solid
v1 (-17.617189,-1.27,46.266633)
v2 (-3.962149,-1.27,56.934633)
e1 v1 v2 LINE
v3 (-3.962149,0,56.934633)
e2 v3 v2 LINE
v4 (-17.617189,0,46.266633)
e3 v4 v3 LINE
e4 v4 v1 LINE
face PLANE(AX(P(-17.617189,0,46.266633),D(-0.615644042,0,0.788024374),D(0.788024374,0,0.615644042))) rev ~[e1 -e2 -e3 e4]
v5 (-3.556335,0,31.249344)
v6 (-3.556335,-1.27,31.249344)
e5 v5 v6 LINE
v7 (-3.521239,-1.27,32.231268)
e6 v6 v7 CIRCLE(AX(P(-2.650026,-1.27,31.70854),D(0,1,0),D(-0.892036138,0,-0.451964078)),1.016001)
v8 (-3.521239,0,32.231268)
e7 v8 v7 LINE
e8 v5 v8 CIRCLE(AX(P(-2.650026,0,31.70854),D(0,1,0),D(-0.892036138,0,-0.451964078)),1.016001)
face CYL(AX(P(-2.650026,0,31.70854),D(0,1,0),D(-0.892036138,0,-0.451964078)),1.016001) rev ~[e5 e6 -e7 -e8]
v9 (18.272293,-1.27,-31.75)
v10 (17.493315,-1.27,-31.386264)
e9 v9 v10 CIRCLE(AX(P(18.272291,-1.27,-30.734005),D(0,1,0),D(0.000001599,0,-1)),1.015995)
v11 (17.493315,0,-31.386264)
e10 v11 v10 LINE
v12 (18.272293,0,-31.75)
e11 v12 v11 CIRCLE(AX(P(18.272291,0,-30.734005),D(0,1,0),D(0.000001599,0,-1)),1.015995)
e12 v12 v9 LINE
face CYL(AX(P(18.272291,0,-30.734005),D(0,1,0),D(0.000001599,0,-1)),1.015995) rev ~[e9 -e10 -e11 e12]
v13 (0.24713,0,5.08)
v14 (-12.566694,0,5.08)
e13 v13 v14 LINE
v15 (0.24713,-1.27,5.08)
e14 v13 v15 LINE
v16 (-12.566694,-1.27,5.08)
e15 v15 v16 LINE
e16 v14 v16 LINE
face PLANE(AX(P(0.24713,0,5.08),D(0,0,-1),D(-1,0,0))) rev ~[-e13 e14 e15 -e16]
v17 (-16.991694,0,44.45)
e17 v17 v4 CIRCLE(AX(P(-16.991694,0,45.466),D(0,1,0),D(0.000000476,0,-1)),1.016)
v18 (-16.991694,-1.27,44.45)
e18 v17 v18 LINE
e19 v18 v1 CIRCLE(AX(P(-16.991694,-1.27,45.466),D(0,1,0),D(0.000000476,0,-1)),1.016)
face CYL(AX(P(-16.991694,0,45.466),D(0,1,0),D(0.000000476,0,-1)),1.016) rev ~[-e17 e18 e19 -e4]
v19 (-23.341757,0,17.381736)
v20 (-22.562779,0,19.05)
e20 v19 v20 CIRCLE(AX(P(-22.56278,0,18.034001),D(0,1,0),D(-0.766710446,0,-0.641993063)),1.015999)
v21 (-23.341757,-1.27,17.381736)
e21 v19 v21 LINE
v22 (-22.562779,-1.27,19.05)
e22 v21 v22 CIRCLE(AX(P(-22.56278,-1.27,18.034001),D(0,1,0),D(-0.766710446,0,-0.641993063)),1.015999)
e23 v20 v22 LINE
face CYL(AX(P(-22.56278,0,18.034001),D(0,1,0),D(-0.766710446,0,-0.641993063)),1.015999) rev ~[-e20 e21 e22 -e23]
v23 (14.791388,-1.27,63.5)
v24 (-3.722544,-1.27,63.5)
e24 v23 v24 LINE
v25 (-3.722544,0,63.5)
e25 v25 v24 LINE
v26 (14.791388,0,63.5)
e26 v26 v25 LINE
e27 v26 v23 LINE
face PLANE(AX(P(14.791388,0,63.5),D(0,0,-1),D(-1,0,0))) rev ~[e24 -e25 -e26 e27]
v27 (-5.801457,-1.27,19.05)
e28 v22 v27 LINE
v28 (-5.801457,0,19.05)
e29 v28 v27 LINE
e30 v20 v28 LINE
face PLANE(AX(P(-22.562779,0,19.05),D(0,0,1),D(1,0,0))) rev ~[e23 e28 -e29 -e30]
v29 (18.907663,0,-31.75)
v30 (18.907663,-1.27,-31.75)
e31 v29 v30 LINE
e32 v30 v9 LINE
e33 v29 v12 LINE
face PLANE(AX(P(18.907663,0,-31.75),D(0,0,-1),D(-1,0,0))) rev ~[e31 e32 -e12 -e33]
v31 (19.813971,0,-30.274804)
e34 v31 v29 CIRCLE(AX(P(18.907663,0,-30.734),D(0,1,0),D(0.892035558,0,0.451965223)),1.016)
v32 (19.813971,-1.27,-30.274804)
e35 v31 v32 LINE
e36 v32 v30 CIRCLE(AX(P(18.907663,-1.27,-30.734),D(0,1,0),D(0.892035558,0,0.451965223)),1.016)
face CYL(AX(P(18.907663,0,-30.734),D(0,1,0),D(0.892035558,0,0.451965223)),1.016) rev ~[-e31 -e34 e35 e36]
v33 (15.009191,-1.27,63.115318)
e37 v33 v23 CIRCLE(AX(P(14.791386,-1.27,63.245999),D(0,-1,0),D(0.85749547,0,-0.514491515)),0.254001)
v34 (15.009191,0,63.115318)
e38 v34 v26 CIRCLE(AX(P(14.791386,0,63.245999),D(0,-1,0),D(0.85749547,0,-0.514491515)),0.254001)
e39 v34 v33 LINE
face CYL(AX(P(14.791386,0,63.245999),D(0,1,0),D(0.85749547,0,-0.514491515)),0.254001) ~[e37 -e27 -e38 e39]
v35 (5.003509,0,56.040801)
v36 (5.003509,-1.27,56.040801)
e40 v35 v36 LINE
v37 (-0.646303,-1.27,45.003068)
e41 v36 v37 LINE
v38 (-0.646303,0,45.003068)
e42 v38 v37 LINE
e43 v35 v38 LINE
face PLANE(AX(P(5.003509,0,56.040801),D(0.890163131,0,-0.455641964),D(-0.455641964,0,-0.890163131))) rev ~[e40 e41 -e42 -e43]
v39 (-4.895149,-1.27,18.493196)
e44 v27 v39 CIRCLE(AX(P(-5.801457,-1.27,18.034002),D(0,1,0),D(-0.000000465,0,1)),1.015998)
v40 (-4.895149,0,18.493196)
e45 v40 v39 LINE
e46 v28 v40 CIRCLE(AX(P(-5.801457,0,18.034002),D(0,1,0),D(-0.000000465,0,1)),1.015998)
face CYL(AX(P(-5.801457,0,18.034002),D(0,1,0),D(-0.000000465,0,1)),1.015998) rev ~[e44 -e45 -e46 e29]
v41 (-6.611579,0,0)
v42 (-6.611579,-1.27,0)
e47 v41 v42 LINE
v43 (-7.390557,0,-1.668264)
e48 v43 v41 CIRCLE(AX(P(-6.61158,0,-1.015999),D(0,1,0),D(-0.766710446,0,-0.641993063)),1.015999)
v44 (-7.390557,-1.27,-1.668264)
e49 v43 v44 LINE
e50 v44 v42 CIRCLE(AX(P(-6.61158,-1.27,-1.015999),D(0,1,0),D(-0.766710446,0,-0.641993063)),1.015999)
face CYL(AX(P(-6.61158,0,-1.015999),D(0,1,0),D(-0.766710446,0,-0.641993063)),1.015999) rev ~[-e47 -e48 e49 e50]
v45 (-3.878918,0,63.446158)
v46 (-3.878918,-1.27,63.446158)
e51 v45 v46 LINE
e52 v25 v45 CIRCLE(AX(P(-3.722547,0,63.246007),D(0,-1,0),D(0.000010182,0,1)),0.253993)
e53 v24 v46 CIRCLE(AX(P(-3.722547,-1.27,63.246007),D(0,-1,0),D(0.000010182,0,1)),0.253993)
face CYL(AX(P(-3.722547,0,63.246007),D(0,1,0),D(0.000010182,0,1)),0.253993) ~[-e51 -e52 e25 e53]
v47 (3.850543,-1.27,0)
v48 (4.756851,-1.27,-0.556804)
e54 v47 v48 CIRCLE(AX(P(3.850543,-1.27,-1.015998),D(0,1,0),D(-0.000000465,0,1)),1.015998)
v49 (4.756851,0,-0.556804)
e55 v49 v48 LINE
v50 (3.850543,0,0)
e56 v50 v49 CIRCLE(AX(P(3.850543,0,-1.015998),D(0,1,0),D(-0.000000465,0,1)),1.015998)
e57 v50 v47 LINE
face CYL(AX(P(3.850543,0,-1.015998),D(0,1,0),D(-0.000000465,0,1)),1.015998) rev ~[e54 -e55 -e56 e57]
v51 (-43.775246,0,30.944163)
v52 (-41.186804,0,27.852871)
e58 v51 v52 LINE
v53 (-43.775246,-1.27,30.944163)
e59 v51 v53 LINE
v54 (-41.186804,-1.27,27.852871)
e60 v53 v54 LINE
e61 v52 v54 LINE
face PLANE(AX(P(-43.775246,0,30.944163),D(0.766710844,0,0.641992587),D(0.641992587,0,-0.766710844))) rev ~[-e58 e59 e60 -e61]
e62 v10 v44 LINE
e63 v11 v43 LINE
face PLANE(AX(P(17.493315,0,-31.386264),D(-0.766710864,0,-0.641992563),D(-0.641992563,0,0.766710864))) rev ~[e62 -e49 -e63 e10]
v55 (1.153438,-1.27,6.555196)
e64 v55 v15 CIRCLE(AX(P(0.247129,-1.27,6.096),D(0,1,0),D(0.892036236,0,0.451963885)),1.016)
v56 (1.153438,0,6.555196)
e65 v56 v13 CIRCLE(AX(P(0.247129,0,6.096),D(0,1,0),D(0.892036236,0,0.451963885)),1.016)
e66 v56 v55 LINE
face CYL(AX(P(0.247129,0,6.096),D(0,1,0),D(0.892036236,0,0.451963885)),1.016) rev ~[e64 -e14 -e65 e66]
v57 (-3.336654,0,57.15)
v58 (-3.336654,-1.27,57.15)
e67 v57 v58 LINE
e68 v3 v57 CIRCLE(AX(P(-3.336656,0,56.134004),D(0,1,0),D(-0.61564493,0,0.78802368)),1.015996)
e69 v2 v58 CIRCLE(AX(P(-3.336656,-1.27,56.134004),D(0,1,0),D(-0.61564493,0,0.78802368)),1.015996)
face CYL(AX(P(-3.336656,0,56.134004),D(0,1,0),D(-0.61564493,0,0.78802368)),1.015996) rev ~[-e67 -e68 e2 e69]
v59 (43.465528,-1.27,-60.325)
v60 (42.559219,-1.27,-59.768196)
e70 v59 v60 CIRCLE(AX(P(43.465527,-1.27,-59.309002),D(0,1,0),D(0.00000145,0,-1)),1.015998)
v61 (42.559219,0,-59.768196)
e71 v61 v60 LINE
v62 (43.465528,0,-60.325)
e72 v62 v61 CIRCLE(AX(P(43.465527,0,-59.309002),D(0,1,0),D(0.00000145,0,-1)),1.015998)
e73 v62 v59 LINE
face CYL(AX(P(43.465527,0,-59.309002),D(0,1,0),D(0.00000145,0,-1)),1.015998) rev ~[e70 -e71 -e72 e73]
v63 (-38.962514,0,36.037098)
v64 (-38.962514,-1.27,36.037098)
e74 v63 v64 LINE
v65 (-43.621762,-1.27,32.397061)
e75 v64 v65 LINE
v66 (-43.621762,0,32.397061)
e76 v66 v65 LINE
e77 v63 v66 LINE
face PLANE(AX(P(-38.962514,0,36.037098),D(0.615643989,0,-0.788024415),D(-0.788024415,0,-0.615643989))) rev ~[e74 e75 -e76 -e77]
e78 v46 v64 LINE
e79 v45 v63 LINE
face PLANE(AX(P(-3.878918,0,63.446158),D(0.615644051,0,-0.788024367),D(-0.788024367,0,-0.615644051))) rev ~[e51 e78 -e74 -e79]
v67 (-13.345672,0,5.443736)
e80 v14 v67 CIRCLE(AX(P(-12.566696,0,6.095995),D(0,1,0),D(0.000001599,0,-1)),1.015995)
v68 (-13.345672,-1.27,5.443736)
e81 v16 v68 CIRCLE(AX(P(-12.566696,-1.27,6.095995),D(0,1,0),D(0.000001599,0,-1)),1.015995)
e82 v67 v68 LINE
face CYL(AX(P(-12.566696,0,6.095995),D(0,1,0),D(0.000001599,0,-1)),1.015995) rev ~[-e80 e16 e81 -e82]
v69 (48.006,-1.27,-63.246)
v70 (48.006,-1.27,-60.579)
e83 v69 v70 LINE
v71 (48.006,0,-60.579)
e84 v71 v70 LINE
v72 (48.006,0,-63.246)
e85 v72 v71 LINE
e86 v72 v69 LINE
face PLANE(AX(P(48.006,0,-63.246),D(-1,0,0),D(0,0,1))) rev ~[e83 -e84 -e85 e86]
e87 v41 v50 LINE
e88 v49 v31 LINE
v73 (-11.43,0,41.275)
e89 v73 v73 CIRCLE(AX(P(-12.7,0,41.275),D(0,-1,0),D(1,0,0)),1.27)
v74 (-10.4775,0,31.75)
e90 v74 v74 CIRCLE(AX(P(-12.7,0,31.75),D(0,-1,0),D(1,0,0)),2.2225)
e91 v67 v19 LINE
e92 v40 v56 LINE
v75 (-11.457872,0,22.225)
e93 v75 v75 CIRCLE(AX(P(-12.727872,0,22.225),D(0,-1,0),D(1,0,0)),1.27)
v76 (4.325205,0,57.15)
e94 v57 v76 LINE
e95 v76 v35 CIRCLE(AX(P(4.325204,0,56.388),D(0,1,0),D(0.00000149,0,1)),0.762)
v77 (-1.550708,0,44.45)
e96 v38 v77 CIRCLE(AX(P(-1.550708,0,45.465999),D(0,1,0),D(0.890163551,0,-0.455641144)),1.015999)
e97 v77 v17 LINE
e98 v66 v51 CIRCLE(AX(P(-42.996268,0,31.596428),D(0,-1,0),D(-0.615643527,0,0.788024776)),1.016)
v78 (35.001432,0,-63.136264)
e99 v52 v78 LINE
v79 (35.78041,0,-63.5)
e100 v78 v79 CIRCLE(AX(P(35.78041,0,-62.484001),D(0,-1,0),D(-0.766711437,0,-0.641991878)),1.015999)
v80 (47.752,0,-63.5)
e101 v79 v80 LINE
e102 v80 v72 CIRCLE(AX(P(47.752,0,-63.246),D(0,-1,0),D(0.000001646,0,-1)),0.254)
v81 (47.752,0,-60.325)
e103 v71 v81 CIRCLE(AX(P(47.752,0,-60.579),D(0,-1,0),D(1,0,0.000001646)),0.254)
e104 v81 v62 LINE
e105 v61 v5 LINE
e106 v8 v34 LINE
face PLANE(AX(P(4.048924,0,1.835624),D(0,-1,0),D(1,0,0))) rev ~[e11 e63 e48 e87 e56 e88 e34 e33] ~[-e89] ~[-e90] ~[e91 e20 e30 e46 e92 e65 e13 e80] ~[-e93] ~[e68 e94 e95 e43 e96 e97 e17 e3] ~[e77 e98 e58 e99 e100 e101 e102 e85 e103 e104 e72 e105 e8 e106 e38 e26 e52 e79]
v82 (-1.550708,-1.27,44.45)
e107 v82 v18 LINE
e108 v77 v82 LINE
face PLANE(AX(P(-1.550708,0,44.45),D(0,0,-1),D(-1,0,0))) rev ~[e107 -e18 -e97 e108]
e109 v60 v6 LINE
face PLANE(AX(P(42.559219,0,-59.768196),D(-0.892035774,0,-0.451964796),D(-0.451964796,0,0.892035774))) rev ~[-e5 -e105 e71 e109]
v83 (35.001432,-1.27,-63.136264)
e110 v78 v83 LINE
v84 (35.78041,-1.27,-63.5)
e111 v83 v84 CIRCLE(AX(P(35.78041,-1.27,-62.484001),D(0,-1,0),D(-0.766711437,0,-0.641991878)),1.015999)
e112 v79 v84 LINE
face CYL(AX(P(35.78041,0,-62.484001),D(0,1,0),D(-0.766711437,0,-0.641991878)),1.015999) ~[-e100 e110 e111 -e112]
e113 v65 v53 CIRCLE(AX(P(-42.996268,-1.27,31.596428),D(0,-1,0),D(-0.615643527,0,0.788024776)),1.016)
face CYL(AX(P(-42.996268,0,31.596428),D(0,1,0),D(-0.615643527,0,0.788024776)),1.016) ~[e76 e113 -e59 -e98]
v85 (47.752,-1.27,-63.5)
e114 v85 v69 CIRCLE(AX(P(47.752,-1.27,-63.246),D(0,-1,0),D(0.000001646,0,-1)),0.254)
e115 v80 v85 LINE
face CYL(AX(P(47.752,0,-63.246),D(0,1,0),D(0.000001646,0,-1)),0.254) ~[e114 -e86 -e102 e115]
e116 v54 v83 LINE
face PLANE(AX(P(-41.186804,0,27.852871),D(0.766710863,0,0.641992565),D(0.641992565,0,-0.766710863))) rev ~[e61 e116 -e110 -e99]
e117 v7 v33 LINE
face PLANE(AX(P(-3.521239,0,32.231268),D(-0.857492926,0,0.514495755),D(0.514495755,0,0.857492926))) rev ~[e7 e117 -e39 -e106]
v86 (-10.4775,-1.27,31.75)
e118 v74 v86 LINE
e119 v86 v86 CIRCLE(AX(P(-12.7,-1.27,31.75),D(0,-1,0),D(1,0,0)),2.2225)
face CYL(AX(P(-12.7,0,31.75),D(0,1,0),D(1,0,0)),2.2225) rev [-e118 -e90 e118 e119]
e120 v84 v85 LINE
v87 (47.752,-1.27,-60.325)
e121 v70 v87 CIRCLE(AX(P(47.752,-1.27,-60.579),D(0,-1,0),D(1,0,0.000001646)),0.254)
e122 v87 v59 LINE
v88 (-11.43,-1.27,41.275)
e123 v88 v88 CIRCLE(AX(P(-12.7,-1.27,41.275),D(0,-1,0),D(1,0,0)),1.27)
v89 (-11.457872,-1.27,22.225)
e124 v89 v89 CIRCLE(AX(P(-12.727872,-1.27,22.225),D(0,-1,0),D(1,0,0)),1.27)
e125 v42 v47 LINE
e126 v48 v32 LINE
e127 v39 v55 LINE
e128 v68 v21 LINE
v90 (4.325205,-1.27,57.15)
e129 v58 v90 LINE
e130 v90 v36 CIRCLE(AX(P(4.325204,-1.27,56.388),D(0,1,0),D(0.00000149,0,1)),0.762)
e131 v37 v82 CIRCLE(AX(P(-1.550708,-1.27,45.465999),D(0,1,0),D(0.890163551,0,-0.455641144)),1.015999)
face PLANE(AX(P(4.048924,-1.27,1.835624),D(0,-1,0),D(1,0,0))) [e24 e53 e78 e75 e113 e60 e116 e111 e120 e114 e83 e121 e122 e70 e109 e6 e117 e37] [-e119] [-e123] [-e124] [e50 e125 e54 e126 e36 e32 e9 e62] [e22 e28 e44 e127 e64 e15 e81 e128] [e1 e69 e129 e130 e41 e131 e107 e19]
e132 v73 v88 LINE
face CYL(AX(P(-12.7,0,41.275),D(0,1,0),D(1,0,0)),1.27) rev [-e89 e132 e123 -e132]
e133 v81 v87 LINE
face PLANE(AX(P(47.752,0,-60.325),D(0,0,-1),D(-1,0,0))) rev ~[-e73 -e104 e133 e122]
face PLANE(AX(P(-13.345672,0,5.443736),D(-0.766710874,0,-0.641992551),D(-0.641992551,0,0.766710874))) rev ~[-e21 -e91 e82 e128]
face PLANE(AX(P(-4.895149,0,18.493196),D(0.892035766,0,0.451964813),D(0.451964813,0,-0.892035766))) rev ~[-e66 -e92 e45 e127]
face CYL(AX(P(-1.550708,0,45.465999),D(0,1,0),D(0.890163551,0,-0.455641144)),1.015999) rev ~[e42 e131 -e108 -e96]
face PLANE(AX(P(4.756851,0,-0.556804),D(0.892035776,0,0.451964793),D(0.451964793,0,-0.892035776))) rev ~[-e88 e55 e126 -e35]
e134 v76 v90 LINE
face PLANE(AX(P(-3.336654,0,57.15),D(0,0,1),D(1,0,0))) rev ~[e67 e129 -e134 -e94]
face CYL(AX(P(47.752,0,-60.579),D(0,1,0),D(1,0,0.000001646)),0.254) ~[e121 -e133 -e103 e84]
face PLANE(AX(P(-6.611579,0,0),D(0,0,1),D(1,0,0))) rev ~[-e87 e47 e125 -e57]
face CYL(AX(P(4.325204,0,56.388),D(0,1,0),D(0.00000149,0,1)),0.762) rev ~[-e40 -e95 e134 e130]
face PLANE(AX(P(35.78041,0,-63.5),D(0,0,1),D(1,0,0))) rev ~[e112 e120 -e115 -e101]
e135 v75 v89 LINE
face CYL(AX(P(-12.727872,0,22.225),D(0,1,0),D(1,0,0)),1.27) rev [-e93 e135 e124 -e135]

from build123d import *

# Parameters (mm, degrees)
F0_R     = 1.27
F0_R_2   = 2.2225
F1_DEPTH = 1.27


with BuildPart() as f1:
    # F0 (on Front) → F1 (new body)
    with BuildSketch(Plane.XZ):
        with BuildLine():
            Line((14.791388, 63.5), (-3.722544, 63.5))
            ThreePointArc((-3.722544, 63.5), (-3.805236, 63.486163), (-3.878918, 63.446158))
            Line((-3.878918, 63.446158), (-38.962514, 36.037098))
            Line((-38.962514, 36.037098), (-43.621762, 32.397061))
            ThreePointArc((-43.621762, 32.397061), (-44.006646, 31.703164), (-43.775246, 30.944163))
            Line((-43.775246, 30.944163), (-41.186804, 27.852871))
            Line((-41.186804, 27.852871), (35.001432, -63.136264))
            ThreePointArc((35.001432, -63.136264), (35.350553, -63.404586), (35.78041, -63.5))
            Line((35.78041, -63.5), (44.45, -63.5))
            Line((44.45, -63.5), (47.752, -63.5))
            ThreePointArc((47.752, -63.5), (47.931605, -63.425605), (48.006, -63.246))
            Line((48.006, -63.246), (48.006, -60.579))
            ThreePointArc((48.006, -60.579), (47.931605, -60.399395), (47.752, -60.325))
            Line((47.752, -60.325), (43.465528, -60.325))
            ThreePointArc((43.465528, -60.325), (42.933685, -60.174679), (42.559219, -59.768196))
            Line((42.559219, -59.768196), (-3.556335, 31.249344))
            ThreePointArc((-3.556335, 31.249344), (-3.665378, 31.744831), (-3.521239, 32.231268))
            Line((-3.521239, 32.231268), (15.009191, 63.115318))
            ThreePointArc((15.009191, 63.115318), (15.012418, 63.371145), (14.791388, 63.5))
        make_face()
        with BuildLine():
            Line((18.907663, -31.75), (18.272293, -31.75))
            ThreePointArc((18.272293, -31.75), (17.842435, -31.654586), (17.493315, -31.386264))
            Line((17.493315, -31.386264), (-7.390557, -1.668264))
            ThreePointArc((-7.390557, -1.668264), (-7.532165, -0.586142), (-6.611579, 0))
            Line((-6.611579, 0), (3.850543, 0))
            ThreePointArc((3.850543, 0), (4.382385, -0.150321), (4.756851, -0.556804))
            Line((4.756851, -0.556804), (19.813971, -30.274804))
            ThreePointArc((19.813971, -30.274804), (19.773342, -31.265842), (18.907663, -31.75))
        make_face(mode=Mode.SUBTRACT)
        with BuildLine():
            ThreePointArc((-5.801457, 19.05), (-5.269615, 18.899679), (-4.895149, 18.493196))
            Line((-4.895149, 18.493196), (1.153438, 6.555196))
            ThreePointArc((1.153438, 6.555196), (1.112808, 5.564158), (0.24713, 5.08))
            Line((0.24713, 5.08), (-12.566694, 5.08))
            ThreePointArc((-12.566694, 5.08), (-12.996552, 5.175414), (-13.345672, 5.443736))
            Line((-13.345672, 5.443736), (-23.341757, 17.381736))
            ThreePointArc((-23.341757, 17.381736), (-23.483365, 18.463858), (-22.562779, 19.05))
            Line((-22.562779, 19.05), (-5.801457, 19.05))
        make_face(mode=Mode.SUBTRACT)
        with Locations((-12.727872, 22.225)):
            Circle(F0_R, mode=Mode.SUBTRACT)
        with Locations((-12.7, 31.75)):
            Circle(F0_R_2, mode=Mode.SUBTRACT)
        with Locations((-12.7, 41.275)):
            Circle(F0_R, mode=Mode.SUBTRACT)
        with BuildLine():
            ThreePointArc((-3.962149, 56.934633), (-3.667421, 57.094651), (-3.336654, 57.15))
            Line((-3.336654, 57.15), (4.325205, 57.15))
            ThreePointArc((4.325205, 57.15), (4.975285, 56.785541), (5.003509, 56.040801))
            Line((5.003509, 56.040801), (-0.646303, 45.003068))
            ThreePointArc((-0.646303, 45.003068), (-1.020653, 44.599226), (-1.550708, 44.45))
            Line((-1.550708, 44.45), (-16.991694, 44.45))
            ThreePointArc((-16.991694, 44.45), (-17.952345, 45.135233), (-17.617189, 46.266633))
            Line((-17.617189, 46.266633), (-3.962149, 56.934633))
        make_face(mode=Mode.SUBTRACT)
    extrude(amount=F1_DEPTH)


solid = f1.part
